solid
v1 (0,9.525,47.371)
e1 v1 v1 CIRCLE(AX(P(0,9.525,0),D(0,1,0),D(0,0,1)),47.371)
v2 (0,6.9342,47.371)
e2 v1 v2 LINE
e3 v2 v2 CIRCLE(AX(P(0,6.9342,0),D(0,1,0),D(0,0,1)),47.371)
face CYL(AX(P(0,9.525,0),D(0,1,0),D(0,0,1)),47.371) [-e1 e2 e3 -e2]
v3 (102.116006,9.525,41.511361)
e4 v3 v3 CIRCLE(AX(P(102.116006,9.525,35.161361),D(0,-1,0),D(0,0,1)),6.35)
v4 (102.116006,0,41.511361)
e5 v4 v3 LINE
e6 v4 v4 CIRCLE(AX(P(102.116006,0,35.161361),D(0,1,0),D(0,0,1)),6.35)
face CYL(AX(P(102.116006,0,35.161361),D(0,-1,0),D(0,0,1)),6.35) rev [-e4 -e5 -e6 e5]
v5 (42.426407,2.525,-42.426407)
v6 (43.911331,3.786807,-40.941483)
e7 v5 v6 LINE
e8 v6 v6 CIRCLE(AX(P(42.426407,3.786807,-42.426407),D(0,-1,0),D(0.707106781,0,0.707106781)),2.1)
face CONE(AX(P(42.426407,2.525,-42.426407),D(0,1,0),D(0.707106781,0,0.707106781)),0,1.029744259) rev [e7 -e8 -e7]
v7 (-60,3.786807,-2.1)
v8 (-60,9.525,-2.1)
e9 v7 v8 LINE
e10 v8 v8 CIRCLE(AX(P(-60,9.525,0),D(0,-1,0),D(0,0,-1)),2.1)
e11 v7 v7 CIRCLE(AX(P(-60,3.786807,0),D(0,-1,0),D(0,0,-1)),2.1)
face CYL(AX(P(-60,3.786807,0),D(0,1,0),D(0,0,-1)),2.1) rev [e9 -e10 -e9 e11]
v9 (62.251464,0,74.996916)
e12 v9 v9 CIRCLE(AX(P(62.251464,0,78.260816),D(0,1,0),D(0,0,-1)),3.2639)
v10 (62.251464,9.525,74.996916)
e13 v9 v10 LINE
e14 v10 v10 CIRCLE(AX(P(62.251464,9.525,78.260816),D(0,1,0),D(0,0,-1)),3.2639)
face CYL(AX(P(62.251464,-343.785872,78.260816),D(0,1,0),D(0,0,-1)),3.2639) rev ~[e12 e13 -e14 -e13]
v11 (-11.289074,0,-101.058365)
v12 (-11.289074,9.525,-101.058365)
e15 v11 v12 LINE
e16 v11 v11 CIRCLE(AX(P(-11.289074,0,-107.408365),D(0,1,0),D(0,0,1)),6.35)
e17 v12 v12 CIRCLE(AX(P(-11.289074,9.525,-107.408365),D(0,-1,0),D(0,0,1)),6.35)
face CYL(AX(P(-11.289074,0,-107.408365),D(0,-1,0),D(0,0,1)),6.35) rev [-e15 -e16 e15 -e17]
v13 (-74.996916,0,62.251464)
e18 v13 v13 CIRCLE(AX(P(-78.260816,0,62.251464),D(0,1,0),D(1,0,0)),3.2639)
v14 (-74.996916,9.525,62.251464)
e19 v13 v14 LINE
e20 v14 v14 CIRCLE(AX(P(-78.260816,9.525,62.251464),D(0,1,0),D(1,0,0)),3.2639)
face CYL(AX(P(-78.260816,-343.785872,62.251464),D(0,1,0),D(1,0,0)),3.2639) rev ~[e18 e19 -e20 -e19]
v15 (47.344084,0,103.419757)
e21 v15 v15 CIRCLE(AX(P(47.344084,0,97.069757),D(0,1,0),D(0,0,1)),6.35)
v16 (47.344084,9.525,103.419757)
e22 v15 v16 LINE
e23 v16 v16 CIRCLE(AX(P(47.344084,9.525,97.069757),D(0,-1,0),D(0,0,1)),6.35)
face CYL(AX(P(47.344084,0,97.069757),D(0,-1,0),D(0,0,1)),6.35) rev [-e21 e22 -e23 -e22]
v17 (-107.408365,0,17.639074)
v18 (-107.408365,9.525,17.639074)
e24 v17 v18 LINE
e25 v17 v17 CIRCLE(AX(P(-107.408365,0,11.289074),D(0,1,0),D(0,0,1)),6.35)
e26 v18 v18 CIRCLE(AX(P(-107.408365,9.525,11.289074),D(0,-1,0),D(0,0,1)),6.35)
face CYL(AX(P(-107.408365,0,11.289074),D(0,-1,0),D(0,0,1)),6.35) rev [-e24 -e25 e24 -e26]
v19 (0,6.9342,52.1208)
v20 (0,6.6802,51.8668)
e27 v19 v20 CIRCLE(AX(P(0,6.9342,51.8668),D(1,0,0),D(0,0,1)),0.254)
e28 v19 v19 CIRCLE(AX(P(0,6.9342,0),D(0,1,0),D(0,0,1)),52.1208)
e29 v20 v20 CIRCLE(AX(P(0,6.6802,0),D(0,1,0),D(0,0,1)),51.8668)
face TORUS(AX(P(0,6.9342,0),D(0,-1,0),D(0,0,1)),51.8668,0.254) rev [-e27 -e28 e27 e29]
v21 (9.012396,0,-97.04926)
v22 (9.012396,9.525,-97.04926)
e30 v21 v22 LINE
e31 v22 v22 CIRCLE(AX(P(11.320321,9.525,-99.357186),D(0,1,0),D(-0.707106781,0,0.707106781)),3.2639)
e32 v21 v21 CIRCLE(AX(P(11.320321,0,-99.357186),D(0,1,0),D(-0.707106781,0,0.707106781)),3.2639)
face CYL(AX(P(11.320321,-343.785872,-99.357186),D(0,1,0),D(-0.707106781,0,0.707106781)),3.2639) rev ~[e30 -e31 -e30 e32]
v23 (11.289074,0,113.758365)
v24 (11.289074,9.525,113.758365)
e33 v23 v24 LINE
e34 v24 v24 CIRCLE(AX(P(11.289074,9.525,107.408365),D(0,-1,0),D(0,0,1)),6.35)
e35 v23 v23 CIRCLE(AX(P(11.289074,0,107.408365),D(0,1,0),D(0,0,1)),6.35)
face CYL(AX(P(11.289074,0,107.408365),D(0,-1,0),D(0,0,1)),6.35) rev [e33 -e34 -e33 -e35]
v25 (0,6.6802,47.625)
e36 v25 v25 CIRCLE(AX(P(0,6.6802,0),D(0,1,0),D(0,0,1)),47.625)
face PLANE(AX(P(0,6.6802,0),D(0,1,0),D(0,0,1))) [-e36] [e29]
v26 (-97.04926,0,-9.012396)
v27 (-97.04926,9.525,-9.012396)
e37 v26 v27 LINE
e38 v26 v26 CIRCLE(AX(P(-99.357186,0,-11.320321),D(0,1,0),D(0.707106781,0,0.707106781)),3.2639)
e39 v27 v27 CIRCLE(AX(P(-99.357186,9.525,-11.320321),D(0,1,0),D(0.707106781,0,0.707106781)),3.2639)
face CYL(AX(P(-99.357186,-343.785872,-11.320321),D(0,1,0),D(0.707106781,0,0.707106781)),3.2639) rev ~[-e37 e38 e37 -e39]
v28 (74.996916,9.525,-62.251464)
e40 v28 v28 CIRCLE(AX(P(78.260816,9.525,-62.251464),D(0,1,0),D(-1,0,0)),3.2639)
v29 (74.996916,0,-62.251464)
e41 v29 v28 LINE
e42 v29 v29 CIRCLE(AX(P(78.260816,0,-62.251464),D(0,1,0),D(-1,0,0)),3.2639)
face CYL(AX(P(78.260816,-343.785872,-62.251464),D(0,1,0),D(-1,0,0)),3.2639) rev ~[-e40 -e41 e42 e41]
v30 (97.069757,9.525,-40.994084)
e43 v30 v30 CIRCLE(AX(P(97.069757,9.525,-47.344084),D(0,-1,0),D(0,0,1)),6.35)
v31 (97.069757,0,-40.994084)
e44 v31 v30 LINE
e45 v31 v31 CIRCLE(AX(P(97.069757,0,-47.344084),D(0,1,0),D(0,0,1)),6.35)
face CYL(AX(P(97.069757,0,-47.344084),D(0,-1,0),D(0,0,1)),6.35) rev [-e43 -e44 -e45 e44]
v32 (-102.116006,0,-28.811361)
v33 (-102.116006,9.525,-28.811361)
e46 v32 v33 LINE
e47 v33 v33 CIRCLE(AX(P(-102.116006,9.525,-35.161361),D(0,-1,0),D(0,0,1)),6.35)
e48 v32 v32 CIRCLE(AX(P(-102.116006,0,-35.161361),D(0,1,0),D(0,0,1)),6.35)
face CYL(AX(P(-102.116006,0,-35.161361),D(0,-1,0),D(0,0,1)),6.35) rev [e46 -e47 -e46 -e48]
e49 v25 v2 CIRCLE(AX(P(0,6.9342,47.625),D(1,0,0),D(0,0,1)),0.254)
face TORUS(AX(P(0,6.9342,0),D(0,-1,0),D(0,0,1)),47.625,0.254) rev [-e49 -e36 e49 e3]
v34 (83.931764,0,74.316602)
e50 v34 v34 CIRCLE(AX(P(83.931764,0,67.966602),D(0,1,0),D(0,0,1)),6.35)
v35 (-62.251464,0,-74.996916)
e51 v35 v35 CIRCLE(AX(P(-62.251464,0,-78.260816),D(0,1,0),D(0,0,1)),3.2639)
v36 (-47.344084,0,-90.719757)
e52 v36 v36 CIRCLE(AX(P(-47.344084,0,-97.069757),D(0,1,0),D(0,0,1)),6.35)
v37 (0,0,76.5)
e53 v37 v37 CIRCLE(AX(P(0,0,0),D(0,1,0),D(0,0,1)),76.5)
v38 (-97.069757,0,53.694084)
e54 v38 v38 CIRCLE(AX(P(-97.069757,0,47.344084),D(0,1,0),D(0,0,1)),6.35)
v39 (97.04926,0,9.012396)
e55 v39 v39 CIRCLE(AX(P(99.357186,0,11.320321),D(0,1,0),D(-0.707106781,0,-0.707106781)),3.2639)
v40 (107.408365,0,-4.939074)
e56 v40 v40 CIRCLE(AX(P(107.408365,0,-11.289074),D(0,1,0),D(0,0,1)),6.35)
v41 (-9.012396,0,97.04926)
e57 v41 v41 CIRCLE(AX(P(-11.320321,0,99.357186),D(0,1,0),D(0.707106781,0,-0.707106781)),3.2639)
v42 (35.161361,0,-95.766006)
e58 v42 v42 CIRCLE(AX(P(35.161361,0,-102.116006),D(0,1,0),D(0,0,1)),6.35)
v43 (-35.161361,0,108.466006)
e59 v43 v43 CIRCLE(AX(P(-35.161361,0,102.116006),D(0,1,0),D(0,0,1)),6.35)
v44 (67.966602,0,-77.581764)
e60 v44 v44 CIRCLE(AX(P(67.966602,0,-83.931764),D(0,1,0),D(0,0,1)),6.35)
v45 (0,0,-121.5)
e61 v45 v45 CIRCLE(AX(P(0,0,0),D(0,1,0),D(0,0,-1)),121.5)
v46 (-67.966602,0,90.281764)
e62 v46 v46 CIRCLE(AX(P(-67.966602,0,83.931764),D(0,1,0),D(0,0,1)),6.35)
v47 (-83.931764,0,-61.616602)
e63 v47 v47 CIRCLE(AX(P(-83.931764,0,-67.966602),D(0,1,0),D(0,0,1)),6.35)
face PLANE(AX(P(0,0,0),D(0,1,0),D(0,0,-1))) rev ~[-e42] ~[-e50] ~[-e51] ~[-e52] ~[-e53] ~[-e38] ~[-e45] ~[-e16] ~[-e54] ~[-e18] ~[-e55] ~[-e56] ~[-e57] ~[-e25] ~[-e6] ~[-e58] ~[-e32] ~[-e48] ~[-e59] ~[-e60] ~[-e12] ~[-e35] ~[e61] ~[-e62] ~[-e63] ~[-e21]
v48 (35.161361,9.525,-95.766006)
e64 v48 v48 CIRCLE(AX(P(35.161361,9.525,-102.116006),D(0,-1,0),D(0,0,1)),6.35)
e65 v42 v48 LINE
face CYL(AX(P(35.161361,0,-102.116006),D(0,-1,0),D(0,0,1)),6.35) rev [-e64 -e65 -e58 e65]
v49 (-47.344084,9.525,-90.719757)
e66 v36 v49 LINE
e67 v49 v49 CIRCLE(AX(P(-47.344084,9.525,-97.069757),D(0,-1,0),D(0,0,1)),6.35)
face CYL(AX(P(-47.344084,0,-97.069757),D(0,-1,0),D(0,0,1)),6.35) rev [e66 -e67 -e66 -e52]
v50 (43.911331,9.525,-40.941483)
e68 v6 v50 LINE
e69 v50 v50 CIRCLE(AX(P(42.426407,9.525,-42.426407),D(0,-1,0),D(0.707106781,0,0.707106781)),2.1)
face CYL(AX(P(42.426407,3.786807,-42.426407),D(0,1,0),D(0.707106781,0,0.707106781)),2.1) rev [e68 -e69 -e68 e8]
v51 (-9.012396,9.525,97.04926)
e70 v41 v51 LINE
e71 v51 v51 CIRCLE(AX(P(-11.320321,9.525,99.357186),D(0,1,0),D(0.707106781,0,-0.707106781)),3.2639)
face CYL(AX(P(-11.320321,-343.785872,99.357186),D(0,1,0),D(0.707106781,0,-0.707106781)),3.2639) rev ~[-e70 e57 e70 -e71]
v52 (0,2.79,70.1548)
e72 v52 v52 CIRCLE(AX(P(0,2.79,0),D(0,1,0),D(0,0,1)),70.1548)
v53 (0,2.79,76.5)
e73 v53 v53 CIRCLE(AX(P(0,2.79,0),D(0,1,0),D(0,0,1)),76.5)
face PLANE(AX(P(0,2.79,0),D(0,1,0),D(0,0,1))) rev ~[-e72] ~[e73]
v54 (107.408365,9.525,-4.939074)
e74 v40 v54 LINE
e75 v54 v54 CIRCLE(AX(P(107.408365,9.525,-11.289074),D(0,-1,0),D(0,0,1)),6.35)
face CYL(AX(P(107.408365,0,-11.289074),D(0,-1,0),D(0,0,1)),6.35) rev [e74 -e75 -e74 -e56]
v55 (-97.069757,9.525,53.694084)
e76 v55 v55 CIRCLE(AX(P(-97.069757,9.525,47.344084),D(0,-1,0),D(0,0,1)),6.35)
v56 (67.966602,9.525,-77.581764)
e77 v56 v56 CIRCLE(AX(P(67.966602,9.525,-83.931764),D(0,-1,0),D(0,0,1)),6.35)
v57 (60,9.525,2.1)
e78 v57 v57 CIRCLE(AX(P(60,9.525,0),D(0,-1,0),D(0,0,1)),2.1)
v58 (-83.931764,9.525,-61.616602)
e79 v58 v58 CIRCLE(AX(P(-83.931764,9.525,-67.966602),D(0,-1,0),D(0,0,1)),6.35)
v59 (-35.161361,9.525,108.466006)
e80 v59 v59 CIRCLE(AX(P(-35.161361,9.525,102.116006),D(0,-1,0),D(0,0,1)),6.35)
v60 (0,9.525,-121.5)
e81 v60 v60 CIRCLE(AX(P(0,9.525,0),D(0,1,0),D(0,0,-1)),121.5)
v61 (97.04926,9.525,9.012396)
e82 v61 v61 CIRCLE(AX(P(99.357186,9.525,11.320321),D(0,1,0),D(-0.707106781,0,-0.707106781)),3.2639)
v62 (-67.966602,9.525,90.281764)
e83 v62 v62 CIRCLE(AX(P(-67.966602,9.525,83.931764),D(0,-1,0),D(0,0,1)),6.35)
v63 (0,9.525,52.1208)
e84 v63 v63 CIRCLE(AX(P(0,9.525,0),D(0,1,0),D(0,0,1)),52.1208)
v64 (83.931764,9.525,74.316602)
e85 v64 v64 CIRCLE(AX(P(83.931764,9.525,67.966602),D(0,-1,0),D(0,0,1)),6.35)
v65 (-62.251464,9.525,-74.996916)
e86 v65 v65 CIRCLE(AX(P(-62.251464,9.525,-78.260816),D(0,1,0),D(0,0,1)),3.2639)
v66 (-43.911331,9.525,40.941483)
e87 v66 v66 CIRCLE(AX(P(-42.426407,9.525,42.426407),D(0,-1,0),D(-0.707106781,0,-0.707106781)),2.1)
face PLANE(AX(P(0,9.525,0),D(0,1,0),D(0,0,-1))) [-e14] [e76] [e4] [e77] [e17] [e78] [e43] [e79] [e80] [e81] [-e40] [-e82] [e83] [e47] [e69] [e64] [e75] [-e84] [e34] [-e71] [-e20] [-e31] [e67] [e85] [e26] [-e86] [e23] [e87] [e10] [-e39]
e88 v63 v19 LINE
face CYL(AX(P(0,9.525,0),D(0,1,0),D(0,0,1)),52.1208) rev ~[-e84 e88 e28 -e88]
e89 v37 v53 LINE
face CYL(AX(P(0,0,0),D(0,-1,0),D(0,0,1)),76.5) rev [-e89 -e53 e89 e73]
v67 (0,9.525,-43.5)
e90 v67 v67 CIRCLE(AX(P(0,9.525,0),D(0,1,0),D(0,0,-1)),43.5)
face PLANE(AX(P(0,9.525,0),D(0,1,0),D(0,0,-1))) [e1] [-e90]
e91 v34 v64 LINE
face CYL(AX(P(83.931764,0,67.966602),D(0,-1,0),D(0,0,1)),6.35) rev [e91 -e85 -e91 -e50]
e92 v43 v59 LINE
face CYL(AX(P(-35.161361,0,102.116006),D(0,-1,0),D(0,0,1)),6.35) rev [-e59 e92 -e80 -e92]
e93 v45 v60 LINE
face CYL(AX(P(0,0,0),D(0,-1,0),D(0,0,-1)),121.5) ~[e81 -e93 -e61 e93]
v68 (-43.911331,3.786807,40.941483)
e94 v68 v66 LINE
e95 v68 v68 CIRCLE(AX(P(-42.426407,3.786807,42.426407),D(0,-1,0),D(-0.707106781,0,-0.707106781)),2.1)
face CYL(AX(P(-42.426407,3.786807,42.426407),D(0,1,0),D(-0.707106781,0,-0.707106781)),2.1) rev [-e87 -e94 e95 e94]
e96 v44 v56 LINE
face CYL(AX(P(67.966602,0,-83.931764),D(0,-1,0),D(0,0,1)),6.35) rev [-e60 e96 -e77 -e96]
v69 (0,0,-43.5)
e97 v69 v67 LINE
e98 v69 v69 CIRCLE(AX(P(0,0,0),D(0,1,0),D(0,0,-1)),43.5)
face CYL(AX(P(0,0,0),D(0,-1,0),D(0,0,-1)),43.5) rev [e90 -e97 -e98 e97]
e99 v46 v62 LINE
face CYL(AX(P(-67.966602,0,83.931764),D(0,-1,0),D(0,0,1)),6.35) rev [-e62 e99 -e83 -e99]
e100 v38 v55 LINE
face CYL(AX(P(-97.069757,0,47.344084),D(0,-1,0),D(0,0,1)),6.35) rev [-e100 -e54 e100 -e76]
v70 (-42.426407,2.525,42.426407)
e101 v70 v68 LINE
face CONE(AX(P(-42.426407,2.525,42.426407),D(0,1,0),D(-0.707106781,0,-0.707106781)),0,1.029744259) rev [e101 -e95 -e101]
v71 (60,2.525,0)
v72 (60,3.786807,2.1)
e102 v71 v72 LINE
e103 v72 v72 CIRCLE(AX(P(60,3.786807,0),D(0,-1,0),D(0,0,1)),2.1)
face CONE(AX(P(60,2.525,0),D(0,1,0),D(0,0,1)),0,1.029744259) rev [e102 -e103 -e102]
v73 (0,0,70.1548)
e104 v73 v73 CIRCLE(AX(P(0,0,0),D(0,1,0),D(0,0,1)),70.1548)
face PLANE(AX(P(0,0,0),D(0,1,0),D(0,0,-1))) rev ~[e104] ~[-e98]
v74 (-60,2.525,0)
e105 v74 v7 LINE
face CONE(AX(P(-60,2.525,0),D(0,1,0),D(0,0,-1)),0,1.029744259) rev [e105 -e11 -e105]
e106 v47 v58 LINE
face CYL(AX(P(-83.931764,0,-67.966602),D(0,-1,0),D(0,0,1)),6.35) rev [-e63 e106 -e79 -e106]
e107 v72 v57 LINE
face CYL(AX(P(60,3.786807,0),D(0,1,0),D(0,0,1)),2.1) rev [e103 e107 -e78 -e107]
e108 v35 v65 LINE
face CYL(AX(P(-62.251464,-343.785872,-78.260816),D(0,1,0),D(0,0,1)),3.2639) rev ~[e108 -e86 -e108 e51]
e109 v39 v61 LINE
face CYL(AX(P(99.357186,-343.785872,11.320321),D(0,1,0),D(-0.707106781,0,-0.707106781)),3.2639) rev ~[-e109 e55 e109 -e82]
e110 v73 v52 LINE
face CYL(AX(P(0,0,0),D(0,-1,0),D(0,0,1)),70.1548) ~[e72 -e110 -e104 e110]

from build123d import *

# Parameters (mm, degrees)
SKETCH1_R                            = 121.5
SKETCH1_R_2                          = 43.5
BOSS_EXTRUDE1_DEPTH                  = 9.525
CUT_EXTRUDE1_START                   = 9.525
SKETCH1_4_R                          = 52.1208
SKETCH1_4_R_2                        = 47.371
CUT_EXTRUDE1_DEPTH                   = 2.8448
CIRPATTERN1_COUNT                    = 16
SKETCH5_R                            = 6.35
CUBE_5_16_CLEARANCE_THRU_HOLES_DEPTH = 173.090748226
F_5_16_18_TAPPED_HOLE1_D             = 6.5278
CIRPATTERN3_COUNT                    = 8
BOTTOM_ISO160_R                      = 76.5
BOTTOM_ISO160_R_2                    = 70.1548
CUT_EXTRUDE3_DEPTH                   = 2.79
FILLET1_R                            = 0.254


with BuildPart() as part:
    # Sketch1 → Boss-Extrude1 (new body)
    with BuildSketch(Plane(origin=(0, 0, 0), x_dir=(1, 0, 0), z_dir=(0, 1, 0))):
        with Locations(Location((0, 0, 0), (0, 0, 90))):
            Circle(SKETCH1_R)
        with Locations(Location((0, 0, 0), (0, 0, 90))):
            Circle(SKETCH1_R_2, mode=Mode.SUBTRACT)
    extrude(amount=BOSS_EXTRUDE1_DEPTH)

    # Sketch1<4> → Cut-Extrude1 (cut)
    with BuildSketch(Plane(origin=(0, 0, 0), x_dir=(1, 0, 0), z_dir=(0, 1, 0)).offset(CUT_EXTRUDE1_START)):
        with Locations(Location((0, 0, 0), (0, 0, 270))):
            Circle(SKETCH1_4_R)
        with Locations(Location((0, 0, 0), (0, 0, 270))):
            Circle(SKETCH1_4_R_2, mode=Mode.SUBTRACT)
    extrude(amount=-CUT_EXTRUDE1_DEPTH, mode=Mode.SUBTRACT)

    # Sketch4 → M5x0.8 Tapped Hole2 (revolve, cut)
    with BuildSketch(Plane(origin=(60, 9.525, 0), x_dir=(0, 0, 1), z_dir=(1, 0, 0))):
        Polygon((0, 0), (0, 7), (2.1, 5.7381927), (2.1, 0), align=None)
    m5x0_8_tapped_hole2 = revolve(axis=Axis((60, 15.875, 0), (0, -1, 0)), mode=Mode.SUBTRACT)

    # CirPattern1: M5x0.8 Tapped Hole2 ×16 about axis, 12 skipped
    cirpattern1_axis = Axis((0, 9.525, 0), (0, -1, 0))
    add([m5x0_8_tapped_hole2.rotate(cirpattern1_axis, i * 360 / CIRPATTERN1_COUNT) for i in range(1, CIRPATTERN1_COUNT) if i not in (1, 2, 3, 4, 5, 7, 9, 10, 11, 12, 13, 15)], mode=Mode.SUBTRACT)

    # Sketch5 → Cube_5/16_Clearance_Thru Holes (cut, through all)
    with BuildSketch(Plane(origin=(0, 0, 0), x_dir=(1, 0, 0), z_dir=(0, 1, 0))):
        with Locations(Location((11.289074033, -107.4083647, 0), (0, 0, 270))):
            Circle(SKETCH5_R)
        with Locations(Location((47.344083853, -97.069757, 0), (0, 0, 270))):
            Circle(SKETCH5_R)
        with Locations(Location((-67.966602233, -83.931763837, 0), (0, 0, 270))):
            Circle(SKETCH5_R)
        with Locations(Location((-35.161360681, -102.116006165, 0), (0, 0, 270))):
            Circle(SKETCH5_R)
        with Locations(Location((-107.4083647, -11.289074033, 0), (0, 0, 270))):
            Circle(SKETCH5_R)
        with Locations(Location((-97.069757, -47.344083853, 0), (0, 0, 270))):
            Circle(SKETCH5_R)
        with Locations(Location((-83.931763837, 67.966602233, 0), (0, 0, 270))):
            Circle(SKETCH5_R)
        with Locations(Location((-102.116006165, 35.161360681, 0), (0, 0, 270))):
            Circle(SKETCH5_R)
        with Locations(Location((-11.289074033, 107.4083647, 0), (0, 0, 270))):
            Circle(SKETCH5_R)
        with Locations(Location((-47.344083853, 97.069757, 0), (0, 0, 270))):
            Circle(SKETCH5_R)
        with Locations(Location((67.966602233, 83.931763837, 0), (0, 0, 270))):
            Circle(SKETCH5_R)
        with Locations(Location((35.161360681, 102.116006165, 0), (0, 0, 270))):
            Circle(SKETCH5_R)
        with Locations(Location((107.4083647, 11.289074033, 0), (0, 0, 270))):
            Circle(SKETCH5_R)
        with Locations(Location((97.069757, 47.344083853, 0), (0, 0, 270))):
            Circle(SKETCH5_R)
        with Locations(Location((83.931763837, -67.966602233, 0), (0, 0, 270))):
            Circle(SKETCH5_R)
        with Locations(Location((102.116006165, -35.161360681, 0), (0, 0, 270))):
            Circle(SKETCH5_R)
    extrude(amount=CUBE_5_16_CLEARANCE_THRU_HOLES_DEPTH, mode=Mode.SUBTRACT)

    # 5/16-18 Tapped Hole1 (through all)
    with Locations(Plane(origin=(-62.251463664, 0, -78.260815685), x_dir=(0, 0, -1), z_dir=(0, -1, 0))):
        with Locations((0, 0)):
            f_5_16_18_tapped_hole1 = Hole(F_5_16_18_TAPPED_HOLE1_D / 2)

    # CirPattern3: 5/16-18 Tapped Hole1 ×8 about axis
    cirpattern3_axis = Axis((0, 0, 0), (0, 1, 0))
    for i in range(1, CIRPATTERN3_COUNT):
        add(f_5_16_18_tapped_hole1.rotate(cirpattern3_axis, i * 360 / CIRPATTERN3_COUNT), mode=Mode.SUBTRACT)

    # Bottom_Iso160 → Cut-Extrude3 (cut)
    with BuildSketch(Plane(origin=(0, 0, 0), x_dir=(1, 0, 0), z_dir=(0, 1, 0))):
        with Locations(Location((0, 0, 0), (0, 0, 270))):
            Circle(BOTTOM_ISO160_R)
        with Locations(Location((0, 0, 0), (0, 0, 270))):
            Circle(BOTTOM_ISO160_R_2, mode=Mode.SUBTRACT)
    extrude(amount=CUT_EXTRUDE3_DEPTH, mode=Mode.SUBTRACT)

    # Fillet1
    fillet1_edges = [part.edges().sort_by_distance(p)[0] for p in [
        (0, 6.6802, -52.1208),
        (0, 6.6802, -47.371),
    ]]
    fillet(fillet1_edges, radius=FILLET1_R)


solid = part.part
